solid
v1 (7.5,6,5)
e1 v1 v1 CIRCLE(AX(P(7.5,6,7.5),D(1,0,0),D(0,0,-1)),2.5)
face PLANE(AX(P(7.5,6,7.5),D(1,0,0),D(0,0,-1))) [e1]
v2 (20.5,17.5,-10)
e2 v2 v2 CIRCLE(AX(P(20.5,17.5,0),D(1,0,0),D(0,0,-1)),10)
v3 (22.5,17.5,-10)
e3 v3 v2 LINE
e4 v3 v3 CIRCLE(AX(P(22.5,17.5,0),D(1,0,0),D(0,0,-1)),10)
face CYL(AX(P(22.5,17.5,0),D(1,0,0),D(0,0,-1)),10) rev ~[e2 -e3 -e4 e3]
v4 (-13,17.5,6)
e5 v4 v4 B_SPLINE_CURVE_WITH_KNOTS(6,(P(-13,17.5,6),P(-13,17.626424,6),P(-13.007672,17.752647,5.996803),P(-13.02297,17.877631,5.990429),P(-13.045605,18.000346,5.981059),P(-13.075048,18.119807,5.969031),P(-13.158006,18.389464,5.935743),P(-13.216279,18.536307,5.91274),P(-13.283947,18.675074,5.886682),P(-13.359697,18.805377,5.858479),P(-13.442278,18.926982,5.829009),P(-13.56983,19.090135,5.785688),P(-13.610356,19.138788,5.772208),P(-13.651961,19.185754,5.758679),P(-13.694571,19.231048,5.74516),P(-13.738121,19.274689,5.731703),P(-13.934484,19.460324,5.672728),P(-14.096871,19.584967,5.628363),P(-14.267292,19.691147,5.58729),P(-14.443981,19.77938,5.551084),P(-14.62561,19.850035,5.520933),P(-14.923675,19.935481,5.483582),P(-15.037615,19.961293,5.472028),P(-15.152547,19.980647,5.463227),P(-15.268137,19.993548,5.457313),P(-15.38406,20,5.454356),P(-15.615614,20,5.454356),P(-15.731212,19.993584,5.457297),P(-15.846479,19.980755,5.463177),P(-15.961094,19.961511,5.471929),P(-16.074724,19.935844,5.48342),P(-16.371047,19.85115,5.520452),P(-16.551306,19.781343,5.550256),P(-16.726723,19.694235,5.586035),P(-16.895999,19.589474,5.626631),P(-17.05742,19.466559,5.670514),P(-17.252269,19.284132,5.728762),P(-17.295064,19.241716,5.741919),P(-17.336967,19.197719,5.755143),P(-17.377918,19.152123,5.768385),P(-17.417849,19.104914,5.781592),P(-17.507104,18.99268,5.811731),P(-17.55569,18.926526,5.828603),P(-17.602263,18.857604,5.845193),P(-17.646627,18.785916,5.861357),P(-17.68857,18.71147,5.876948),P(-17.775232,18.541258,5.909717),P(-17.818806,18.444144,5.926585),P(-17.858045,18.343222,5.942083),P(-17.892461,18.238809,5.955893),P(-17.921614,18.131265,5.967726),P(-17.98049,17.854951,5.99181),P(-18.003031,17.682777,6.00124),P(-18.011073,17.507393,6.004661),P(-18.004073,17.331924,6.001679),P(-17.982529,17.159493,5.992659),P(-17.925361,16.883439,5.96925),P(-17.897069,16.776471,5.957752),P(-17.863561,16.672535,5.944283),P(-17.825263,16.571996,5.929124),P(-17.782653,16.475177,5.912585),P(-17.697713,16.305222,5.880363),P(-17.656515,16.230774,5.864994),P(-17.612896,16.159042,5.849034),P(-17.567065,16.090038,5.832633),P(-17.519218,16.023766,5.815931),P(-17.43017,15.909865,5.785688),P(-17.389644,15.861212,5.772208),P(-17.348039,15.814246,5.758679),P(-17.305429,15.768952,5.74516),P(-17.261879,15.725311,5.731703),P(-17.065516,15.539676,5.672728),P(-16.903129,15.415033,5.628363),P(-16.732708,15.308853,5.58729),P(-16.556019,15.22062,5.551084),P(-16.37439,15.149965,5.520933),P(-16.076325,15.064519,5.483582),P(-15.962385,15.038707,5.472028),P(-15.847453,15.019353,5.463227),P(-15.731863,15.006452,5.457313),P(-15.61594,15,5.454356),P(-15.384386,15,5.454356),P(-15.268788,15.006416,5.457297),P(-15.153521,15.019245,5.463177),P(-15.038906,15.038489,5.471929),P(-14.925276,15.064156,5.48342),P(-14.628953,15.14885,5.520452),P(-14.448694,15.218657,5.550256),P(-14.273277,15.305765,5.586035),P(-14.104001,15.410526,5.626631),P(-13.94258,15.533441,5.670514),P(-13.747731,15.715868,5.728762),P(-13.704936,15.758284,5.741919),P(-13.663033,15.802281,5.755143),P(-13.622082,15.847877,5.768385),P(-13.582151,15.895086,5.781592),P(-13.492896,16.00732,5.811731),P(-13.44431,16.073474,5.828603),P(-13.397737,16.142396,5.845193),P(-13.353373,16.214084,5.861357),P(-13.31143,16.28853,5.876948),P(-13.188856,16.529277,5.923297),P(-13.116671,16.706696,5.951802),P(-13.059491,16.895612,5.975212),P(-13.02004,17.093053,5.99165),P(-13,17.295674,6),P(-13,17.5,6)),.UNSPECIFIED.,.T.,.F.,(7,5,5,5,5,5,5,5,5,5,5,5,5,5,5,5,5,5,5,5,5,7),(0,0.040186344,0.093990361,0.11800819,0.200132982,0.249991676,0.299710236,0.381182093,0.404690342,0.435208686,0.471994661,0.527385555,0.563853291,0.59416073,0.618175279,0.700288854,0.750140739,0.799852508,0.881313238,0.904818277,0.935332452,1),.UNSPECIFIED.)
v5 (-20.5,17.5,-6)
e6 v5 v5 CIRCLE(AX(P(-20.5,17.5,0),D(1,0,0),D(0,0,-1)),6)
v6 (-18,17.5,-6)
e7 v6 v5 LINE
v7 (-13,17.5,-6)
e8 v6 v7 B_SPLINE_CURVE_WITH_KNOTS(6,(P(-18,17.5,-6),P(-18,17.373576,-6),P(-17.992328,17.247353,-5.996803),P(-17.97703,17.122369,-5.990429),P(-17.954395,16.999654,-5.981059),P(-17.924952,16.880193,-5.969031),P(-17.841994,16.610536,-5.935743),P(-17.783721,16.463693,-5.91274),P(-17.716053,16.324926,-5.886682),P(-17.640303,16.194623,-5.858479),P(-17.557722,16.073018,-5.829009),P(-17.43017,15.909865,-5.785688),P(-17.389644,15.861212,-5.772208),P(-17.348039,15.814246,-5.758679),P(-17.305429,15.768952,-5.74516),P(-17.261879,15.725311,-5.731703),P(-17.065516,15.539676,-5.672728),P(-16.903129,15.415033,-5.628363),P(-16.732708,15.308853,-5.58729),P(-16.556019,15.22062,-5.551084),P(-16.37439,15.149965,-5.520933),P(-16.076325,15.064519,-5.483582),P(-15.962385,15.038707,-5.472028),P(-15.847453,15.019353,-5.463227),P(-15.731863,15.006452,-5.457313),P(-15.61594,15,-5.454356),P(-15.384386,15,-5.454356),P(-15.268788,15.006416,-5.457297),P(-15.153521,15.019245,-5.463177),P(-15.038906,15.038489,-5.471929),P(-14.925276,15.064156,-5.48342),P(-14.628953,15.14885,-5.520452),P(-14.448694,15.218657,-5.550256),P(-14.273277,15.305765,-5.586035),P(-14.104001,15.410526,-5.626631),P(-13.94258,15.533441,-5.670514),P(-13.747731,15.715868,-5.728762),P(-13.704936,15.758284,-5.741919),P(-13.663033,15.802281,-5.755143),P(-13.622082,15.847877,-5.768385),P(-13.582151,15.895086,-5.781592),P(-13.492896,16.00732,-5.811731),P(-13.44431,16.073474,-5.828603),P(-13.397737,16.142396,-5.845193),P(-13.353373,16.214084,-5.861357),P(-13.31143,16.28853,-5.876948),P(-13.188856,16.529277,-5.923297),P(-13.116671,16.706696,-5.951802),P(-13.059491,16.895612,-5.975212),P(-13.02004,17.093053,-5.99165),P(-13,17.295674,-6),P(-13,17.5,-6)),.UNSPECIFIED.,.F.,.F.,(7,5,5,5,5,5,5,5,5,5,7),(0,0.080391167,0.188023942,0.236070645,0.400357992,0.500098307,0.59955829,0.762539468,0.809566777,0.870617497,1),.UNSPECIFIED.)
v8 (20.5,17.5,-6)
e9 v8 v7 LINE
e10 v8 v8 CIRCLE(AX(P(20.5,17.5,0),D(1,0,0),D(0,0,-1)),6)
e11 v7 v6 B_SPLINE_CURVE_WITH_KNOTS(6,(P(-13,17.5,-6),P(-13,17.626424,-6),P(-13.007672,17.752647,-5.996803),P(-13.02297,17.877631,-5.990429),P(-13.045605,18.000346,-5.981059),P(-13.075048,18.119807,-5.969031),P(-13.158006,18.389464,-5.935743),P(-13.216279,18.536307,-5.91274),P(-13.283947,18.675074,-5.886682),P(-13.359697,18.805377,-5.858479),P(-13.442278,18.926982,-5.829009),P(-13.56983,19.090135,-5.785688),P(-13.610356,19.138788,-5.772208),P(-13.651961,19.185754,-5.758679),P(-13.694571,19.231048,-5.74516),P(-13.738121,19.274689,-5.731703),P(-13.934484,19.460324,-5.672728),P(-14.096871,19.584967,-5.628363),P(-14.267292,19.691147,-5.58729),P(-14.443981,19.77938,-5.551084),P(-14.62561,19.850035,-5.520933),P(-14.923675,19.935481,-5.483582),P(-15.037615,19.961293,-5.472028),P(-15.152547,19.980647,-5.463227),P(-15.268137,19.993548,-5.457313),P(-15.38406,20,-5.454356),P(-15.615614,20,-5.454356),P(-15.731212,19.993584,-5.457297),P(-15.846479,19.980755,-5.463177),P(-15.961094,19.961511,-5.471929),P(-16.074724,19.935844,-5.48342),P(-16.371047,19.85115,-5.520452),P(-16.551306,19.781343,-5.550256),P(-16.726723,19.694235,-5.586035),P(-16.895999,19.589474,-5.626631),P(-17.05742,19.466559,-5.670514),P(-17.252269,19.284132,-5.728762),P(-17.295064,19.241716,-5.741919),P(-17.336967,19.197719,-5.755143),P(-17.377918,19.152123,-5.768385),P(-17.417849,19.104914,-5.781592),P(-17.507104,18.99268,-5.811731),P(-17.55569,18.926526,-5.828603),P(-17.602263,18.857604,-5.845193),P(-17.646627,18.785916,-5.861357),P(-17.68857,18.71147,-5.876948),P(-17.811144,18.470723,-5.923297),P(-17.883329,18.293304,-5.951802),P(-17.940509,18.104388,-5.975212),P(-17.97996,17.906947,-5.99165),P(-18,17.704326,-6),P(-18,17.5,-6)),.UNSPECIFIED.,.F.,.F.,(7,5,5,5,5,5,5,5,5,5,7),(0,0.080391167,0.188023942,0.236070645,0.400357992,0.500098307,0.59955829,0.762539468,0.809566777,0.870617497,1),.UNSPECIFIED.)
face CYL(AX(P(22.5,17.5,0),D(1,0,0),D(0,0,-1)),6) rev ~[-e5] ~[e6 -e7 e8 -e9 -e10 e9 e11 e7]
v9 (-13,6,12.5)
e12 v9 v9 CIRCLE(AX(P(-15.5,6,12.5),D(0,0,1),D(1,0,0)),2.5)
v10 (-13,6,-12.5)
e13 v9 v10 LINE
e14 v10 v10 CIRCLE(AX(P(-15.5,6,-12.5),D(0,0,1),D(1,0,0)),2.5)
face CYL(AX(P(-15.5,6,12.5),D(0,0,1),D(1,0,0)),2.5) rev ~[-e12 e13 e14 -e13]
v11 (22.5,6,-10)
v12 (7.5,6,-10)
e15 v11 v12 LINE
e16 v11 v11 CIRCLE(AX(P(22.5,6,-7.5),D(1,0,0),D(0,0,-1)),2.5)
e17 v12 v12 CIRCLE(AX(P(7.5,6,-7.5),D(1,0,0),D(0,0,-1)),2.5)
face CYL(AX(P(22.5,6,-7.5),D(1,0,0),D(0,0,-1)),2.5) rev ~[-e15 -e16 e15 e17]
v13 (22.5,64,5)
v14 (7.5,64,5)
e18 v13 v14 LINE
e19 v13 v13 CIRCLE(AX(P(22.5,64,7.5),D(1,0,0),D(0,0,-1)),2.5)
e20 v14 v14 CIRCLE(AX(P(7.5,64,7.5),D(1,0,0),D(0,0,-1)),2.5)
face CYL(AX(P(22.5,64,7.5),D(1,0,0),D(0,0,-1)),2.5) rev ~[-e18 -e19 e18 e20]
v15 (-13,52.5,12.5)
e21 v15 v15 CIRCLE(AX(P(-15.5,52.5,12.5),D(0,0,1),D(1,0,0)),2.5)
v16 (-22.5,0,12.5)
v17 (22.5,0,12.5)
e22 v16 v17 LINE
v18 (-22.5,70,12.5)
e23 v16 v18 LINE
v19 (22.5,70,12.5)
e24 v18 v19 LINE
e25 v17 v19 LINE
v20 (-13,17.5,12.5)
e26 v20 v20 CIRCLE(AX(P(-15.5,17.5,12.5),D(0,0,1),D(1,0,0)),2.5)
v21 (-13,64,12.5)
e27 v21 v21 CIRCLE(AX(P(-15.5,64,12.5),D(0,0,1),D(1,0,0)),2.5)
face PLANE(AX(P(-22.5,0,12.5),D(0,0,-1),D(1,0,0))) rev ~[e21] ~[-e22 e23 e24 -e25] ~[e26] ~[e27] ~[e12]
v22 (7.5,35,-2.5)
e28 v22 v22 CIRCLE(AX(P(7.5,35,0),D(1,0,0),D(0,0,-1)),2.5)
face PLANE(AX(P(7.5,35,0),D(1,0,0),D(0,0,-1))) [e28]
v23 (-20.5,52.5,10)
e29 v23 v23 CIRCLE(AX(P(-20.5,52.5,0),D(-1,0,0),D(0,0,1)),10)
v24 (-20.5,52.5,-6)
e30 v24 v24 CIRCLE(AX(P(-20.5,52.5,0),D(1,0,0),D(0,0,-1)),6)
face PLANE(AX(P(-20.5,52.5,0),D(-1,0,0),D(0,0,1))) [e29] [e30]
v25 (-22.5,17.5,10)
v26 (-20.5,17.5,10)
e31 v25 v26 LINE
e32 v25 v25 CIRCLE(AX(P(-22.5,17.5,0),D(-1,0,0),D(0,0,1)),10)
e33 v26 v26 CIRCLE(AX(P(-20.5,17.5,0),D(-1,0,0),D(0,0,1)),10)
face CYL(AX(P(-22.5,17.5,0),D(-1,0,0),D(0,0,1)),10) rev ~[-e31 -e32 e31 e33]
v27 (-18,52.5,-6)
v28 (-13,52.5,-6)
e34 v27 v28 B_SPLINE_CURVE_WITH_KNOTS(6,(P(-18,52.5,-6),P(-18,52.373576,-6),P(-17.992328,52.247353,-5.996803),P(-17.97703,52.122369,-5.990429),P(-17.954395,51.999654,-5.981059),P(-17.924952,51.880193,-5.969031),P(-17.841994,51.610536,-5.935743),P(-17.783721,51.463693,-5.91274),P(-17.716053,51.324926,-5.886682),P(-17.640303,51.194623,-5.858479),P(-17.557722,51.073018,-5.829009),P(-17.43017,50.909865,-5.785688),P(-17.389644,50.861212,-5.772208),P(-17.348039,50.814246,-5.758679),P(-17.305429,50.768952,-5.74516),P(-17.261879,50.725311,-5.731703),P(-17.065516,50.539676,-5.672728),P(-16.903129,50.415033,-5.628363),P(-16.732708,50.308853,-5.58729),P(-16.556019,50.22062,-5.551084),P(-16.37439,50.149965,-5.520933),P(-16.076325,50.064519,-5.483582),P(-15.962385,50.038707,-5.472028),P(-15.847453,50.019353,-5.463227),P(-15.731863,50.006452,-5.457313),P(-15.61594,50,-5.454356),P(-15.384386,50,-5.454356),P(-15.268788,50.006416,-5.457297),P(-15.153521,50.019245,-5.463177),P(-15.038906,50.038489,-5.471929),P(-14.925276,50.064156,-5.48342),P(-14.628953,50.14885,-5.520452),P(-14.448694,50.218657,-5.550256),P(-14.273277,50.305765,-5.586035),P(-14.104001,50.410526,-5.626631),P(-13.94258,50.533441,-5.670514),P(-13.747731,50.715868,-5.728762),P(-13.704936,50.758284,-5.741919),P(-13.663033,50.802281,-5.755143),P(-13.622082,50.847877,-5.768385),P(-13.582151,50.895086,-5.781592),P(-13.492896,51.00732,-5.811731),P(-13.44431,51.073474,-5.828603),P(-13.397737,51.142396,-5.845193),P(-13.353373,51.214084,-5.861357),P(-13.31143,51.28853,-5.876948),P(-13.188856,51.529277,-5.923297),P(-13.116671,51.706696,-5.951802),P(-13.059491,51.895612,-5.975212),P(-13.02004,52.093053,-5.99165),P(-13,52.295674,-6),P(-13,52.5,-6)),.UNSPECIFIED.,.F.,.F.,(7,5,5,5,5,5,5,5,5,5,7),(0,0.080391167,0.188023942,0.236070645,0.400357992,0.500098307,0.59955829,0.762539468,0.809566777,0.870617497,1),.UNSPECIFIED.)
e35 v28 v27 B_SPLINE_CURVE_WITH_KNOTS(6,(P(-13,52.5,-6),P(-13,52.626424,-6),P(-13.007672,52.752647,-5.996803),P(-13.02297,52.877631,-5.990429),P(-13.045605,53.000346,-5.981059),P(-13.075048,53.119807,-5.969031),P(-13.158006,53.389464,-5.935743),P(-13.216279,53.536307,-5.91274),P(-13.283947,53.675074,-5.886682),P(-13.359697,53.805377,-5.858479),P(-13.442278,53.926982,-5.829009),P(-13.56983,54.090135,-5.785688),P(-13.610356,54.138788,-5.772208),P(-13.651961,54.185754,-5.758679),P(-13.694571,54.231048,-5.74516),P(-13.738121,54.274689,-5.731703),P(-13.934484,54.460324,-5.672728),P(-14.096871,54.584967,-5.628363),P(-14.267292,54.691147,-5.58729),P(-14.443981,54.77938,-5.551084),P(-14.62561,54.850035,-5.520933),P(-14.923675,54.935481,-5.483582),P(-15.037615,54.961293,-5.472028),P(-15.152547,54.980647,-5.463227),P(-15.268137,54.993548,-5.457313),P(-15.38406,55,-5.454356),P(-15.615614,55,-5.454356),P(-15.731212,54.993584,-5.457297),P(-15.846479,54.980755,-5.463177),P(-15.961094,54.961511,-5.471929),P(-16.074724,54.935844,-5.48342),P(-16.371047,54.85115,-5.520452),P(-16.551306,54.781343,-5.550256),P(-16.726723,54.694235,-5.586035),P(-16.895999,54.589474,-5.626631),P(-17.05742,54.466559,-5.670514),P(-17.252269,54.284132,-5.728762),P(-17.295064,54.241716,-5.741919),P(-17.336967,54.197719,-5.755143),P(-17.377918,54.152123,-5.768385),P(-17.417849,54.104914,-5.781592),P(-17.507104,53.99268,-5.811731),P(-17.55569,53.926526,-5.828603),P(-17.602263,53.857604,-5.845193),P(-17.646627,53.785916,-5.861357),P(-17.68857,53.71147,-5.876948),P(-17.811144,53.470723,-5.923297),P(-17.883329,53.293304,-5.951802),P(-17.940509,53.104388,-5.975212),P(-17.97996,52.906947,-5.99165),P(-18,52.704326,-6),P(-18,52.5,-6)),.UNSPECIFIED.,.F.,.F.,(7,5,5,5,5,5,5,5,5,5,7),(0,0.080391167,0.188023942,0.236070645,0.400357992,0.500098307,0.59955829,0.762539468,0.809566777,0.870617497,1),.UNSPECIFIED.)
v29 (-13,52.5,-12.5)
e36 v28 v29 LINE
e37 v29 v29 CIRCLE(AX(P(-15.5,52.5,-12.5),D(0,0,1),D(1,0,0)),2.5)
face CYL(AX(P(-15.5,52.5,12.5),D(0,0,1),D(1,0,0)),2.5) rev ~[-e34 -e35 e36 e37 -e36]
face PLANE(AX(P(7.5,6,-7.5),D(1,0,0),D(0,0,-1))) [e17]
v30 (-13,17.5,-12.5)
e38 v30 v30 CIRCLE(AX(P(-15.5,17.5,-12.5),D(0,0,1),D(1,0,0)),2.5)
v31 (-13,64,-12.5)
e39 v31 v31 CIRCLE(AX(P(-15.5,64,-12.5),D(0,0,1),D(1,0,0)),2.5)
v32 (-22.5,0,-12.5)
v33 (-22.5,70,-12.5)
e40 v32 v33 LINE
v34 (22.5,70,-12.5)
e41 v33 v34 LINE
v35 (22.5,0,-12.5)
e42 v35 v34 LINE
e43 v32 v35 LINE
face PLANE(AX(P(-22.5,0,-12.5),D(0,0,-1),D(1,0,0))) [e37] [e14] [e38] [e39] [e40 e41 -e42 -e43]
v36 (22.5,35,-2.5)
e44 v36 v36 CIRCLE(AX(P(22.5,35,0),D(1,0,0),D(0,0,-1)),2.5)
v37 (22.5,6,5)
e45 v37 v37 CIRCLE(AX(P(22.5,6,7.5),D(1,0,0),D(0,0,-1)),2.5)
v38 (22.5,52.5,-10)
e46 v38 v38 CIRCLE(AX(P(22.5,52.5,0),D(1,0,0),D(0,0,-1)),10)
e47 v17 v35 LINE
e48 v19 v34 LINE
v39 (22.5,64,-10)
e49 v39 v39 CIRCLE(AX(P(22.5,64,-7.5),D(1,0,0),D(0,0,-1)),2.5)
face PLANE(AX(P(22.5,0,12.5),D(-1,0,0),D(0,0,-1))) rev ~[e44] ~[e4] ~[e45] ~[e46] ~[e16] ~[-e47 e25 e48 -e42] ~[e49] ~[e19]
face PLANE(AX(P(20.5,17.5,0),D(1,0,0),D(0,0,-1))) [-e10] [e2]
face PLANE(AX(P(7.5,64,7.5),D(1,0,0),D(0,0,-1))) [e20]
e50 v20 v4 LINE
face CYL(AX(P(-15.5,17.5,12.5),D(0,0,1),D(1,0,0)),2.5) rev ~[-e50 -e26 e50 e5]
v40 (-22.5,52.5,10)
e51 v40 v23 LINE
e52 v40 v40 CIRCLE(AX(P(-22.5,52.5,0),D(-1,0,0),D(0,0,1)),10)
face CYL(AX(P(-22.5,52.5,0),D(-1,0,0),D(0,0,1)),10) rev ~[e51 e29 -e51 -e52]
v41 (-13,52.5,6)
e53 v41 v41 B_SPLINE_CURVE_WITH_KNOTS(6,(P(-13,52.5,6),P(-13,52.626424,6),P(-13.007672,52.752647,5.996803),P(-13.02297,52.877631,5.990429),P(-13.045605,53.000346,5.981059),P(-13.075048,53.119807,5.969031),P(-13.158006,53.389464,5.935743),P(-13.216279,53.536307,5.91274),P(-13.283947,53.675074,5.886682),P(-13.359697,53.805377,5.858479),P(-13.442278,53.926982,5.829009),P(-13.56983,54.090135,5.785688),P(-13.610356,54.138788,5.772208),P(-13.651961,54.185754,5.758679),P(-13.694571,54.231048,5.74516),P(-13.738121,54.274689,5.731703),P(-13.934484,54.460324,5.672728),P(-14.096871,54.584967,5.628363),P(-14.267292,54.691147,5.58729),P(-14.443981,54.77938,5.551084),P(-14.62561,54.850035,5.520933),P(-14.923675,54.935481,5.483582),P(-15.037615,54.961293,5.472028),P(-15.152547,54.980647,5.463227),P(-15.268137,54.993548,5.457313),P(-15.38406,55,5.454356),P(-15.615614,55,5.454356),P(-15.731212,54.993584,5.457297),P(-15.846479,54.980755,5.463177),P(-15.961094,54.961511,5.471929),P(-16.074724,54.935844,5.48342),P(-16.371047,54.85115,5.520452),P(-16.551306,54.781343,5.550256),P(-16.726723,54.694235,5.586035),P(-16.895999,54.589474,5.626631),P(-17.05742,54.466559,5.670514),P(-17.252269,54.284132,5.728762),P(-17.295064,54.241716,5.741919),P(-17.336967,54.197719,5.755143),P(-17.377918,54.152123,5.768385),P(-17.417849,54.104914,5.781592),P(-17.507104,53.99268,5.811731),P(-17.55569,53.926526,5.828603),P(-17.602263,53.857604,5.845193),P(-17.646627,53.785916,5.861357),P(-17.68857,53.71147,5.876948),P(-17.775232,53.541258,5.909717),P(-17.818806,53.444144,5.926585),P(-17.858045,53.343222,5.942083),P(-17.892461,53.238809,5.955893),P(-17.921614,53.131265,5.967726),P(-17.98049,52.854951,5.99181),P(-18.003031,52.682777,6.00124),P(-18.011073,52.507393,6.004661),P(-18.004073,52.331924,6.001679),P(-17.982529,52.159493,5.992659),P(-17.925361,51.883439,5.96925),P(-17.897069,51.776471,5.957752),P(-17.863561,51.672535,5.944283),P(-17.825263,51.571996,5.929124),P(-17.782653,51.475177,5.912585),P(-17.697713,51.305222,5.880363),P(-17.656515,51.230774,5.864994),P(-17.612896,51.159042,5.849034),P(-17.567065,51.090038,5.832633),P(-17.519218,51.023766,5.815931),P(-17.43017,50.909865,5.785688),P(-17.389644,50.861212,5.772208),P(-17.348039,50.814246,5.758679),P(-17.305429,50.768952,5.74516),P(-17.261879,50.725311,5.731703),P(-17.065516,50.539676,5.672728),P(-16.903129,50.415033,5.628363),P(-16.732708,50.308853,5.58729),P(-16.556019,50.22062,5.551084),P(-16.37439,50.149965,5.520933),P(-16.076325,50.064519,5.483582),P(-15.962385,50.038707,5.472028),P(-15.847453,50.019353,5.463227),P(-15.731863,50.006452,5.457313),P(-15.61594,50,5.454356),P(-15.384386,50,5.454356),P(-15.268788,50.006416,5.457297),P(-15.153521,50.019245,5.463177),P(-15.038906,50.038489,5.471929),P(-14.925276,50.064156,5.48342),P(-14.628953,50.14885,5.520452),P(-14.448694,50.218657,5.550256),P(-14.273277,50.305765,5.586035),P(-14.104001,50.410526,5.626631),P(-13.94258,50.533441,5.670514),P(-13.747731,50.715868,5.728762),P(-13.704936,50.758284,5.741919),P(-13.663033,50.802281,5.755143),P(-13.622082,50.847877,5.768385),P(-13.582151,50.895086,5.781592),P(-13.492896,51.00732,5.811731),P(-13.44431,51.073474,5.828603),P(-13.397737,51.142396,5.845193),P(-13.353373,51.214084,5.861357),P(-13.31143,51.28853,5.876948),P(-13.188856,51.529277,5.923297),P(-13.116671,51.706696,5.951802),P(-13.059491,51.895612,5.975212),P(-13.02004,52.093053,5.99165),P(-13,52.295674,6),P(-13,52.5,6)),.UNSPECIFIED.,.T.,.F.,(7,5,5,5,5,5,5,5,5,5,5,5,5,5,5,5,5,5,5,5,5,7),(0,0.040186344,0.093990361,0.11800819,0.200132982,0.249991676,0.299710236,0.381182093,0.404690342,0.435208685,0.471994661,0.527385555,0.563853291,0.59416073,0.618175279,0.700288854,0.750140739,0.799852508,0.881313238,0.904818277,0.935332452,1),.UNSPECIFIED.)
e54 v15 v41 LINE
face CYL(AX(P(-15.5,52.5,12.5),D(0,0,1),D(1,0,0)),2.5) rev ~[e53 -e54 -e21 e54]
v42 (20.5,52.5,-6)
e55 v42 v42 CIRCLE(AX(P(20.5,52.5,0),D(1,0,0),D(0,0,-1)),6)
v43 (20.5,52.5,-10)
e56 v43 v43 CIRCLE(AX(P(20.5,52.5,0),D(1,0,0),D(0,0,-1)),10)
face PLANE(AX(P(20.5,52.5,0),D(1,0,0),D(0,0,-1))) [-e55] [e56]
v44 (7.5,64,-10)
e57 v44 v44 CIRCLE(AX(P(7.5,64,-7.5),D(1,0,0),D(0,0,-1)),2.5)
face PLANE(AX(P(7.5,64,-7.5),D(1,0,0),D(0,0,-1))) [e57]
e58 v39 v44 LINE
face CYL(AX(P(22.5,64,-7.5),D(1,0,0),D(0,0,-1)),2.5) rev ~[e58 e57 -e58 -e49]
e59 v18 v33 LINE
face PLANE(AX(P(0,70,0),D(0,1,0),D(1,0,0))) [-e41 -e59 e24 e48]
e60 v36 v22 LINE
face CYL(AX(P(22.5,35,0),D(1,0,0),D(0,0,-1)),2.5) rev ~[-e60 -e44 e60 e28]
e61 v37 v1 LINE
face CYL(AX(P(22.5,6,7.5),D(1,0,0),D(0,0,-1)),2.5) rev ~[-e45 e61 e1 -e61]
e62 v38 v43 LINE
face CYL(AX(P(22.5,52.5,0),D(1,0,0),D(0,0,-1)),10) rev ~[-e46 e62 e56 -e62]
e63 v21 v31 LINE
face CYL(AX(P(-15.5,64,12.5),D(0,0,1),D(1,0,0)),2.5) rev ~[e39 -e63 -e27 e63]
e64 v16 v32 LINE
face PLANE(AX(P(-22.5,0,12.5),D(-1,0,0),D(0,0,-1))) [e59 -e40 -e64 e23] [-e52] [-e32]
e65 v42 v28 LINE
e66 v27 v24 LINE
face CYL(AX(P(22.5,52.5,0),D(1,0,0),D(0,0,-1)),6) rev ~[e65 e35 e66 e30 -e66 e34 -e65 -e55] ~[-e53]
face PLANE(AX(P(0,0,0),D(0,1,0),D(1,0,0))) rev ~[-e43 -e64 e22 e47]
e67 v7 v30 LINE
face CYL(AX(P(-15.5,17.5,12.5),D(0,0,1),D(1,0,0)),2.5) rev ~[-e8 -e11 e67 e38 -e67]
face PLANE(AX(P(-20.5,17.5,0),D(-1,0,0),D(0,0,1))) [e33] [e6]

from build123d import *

# Parameters (mm, degrees)
SKETCH1_W           = 45
SKETCH1_H           = 25
BOSS_EXTRUDE1_DEPTH = 70
SKETCH2_R           = 6
CUT_EXTRUDE1_DEPTH  = 70
SKETCH3_R           = 10
CUT_EXTRUDE2_DEPTH  = 2
SKETCH4_R           = 10
CUT_EXTRUDE3_DEPTH  = 2
SKETCH5_R           = 2.5
CUT_EXTRUDE4_DEPTH  = 15
SKETCH6_R           = 2.5
CUT_EXTRUDE5_DEPTH  = 15
SKETCH7_R           = 2.5
CUT_EXTRUDE6_DEPTH  = 36
SKETCH8_R           = 2.5
CUT_EXTRUDE7_DEPTH  = 38


with BuildPart() as part:
    # Sketch1 → Boss-Extrude1 (new body)
    with BuildSketch(Plane(origin=(0, 0, 0), x_dir=(1, 0, 0), z_dir=(0, 1, 0))):
        Rectangle(SKETCH1_W, SKETCH1_H)
    extrude(amount=BOSS_EXTRUDE1_DEPTH)

    # Sketch2 → Cut-Extrude1 (cut)
    with BuildSketch(Plane(origin=(22.5, 0, 0), x_dir=(0, 0, -1), z_dir=(1, 0, 0))):
        with Locations((0, 52.5)):
            Circle(SKETCH2_R)
        with Locations((0, 17.5)):
            Circle(SKETCH2_R)
    extrude(amount=-CUT_EXTRUDE1_DEPTH, mode=Mode.SUBTRACT)

    # Sketch3 → Cut-Extrude2 (cut)
    with BuildSketch(Plane(origin=(22.5, 0, 0), x_dir=(0, 0, -1), z_dir=(1, 0, 0))):
        with Locations((0, 17.5)):
            Circle(SKETCH3_R)
        with Locations((0, 52.5)):
            Circle(SKETCH3_R)
    extrude(amount=-CUT_EXTRUDE2_DEPTH, mode=Mode.SUBTRACT)

    # Sketch4 → Cut-Extrude3 (cut)
    with BuildSketch(Plane.ZY.offset(22.5)):
        with Locations((0, 52.5)):
            Circle(SKETCH4_R)
        with Locations((0, 17.5)):
            Circle(SKETCH4_R)
    extrude(amount=-CUT_EXTRUDE3_DEPTH, mode=Mode.SUBTRACT)

    # Sketch5 → Cut-Extrude4 (cut)
    with BuildSketch(Plane(origin=(22.5, 0, 0), x_dir=(0, 0, -1), z_dir=(1, 0, 0))):
        with Locations((7.5, 6)):
            Circle(SKETCH5_R)
        with Locations((-7.5, 6)):
            Circle(SKETCH5_R)
        with Locations((7.5, 64)):
            Circle(SKETCH5_R)
        with Locations((-7.5, 64)):
            Circle(SKETCH5_R)
    extrude(amount=-CUT_EXTRUDE4_DEPTH, mode=Mode.SUBTRACT)

    # Sketch6 → Cut-Extrude5 (cut)
    with BuildSketch(Plane(origin=(22.5, 0, 0), x_dir=(0, 0, -1), z_dir=(1, 0, 0))):
        with Locations((0, 35)):
            Circle(SKETCH6_R)
    extrude(amount=-CUT_EXTRUDE5_DEPTH, mode=Mode.SUBTRACT)

    # Sketch7 → Cut-Extrude6 (cut)
    with BuildSketch(Plane.XY.offset(12.5)):
        with Locations((-15.5, 52.5)):
            Circle(SKETCH7_R)
        with Locations((-15.5, 17.5)):
            Circle(SKETCH7_R)
    extrude(amount=-CUT_EXTRUDE6_DEPTH, mode=Mode.SUBTRACT)

    # Sketch8 → Cut-Extrude7 (cut)
    with BuildSketch(Plane.XY.offset(12.5)):
        with Locations((-15.5, 64)):
            Circle(SKETCH8_R)
        with Locations((-15.5, 6)):
            Circle(SKETCH8_R)
    extrude(amount=-CUT_EXTRUDE7_DEPTH, mode=Mode.SUBTRACT)


solid = part.part
